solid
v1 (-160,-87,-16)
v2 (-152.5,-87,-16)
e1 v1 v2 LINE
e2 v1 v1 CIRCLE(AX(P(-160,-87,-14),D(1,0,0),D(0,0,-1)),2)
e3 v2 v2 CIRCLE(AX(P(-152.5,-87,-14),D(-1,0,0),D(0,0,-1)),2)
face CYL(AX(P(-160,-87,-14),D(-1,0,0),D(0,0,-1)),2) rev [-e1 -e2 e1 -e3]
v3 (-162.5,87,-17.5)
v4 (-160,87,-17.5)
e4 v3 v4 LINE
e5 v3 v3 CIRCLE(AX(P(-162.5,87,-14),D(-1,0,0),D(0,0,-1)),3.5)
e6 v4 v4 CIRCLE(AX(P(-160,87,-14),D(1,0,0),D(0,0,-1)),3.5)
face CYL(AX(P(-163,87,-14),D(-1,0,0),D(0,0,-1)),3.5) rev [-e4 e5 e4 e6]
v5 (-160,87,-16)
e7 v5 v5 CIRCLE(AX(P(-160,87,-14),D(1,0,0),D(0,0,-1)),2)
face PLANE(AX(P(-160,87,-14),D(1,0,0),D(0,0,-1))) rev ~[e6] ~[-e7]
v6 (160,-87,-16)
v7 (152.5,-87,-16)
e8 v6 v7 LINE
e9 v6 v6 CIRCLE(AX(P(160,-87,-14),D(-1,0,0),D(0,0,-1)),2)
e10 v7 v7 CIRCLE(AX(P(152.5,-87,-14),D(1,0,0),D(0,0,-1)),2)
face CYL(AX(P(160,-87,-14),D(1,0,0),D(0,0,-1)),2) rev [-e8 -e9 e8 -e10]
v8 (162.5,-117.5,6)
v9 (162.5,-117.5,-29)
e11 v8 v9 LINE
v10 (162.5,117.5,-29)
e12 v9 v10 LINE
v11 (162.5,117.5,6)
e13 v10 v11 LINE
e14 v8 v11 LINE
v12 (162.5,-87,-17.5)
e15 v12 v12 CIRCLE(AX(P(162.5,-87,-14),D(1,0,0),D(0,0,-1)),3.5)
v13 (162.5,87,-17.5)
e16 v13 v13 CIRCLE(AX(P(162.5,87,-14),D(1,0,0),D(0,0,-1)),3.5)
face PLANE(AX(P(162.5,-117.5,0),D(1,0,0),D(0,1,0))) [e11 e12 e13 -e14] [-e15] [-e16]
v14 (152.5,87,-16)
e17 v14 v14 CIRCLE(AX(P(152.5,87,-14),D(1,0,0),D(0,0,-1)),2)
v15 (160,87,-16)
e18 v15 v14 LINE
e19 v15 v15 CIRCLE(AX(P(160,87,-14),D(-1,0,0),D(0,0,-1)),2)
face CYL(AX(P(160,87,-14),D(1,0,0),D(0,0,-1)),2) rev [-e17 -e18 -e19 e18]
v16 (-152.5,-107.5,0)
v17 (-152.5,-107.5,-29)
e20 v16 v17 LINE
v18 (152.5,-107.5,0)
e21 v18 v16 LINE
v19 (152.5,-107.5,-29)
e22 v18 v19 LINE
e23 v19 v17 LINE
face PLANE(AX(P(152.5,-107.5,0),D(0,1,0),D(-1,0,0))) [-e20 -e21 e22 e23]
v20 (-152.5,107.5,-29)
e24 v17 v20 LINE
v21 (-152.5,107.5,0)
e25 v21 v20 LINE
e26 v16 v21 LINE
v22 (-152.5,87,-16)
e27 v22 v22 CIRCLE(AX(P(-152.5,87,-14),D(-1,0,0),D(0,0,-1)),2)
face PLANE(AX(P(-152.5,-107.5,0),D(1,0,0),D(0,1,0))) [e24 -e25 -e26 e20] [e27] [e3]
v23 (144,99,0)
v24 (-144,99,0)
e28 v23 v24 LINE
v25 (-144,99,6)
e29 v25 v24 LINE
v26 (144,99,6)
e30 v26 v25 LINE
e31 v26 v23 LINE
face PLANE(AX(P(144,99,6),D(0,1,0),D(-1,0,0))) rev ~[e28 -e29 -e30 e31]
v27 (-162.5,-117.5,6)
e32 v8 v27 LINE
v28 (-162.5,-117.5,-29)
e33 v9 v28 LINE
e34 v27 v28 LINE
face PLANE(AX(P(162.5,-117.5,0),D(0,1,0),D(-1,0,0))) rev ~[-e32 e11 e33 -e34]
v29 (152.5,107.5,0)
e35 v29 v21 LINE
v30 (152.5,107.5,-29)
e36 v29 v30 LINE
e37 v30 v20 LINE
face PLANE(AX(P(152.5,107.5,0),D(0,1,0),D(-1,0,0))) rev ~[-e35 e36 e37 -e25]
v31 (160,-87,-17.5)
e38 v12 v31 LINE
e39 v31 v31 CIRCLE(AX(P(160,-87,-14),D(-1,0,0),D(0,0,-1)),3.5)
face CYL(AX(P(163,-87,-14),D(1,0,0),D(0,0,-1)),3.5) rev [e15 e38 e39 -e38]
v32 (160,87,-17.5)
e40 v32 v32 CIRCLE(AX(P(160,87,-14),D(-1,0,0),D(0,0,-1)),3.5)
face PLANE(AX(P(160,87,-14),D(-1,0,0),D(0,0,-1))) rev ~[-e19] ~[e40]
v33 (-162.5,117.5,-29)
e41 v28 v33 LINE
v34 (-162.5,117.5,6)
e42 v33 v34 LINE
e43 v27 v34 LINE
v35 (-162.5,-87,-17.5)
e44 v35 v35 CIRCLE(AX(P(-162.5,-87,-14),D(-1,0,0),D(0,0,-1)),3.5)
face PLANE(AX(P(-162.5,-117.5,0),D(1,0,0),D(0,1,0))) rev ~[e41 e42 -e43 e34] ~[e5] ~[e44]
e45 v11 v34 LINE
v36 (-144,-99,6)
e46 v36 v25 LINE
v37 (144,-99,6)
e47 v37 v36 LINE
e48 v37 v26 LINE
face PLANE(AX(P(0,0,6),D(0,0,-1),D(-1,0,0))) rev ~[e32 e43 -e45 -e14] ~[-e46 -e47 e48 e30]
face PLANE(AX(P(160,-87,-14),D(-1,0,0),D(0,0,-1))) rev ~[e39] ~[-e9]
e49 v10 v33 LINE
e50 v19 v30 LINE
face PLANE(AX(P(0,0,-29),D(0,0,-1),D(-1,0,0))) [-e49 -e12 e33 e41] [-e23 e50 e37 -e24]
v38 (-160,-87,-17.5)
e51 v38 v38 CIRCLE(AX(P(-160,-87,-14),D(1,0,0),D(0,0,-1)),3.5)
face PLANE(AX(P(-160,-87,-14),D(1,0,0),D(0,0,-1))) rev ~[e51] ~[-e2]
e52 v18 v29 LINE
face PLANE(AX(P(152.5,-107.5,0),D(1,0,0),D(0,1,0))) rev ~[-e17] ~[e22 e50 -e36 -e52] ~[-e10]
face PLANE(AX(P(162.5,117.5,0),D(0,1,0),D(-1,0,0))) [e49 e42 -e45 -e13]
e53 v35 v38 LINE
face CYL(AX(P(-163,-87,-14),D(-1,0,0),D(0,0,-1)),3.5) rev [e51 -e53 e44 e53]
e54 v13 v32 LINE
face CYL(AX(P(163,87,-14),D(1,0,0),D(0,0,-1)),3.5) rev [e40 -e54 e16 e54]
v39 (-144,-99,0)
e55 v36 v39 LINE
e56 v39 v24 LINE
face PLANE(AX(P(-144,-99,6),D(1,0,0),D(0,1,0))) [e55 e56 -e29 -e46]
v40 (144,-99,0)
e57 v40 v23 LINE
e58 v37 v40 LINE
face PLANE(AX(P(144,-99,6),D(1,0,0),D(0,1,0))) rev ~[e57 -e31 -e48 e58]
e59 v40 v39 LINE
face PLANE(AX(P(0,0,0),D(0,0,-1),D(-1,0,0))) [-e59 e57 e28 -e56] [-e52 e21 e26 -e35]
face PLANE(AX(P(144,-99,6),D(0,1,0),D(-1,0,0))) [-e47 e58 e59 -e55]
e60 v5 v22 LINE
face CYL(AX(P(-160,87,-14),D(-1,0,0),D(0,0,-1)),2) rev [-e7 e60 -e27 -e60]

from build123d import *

# Parameters (mm, degrees)
CYLINDER025_R             = 3.5
CYLINDER025_DEPTH         = 3
CYLINDER025_PITCH_ANGLE   = 90
CYLINDER024_R             = 2
CYLINDER024_DEPTH         = 9
CYLINDER024_PITCH_ANGLE   = 90
ARRAY021_COUNT            = 2
ARRAY022_Y_COUNT          = 2
ARRAY022_Y_PITCH          = 174
BOX001_W                  = 305
BOX001_H                  = 215
BOX001_DEPTH              = 29
BOX_W                     = 325
BOX_H                     = 235
BOX_DEPTH                 = 29
BOX003_W                  = 288
BOX003_H                  = 198
BOX003_DEPTH              = 6
BOX002_W                  = 325
BOX002_H                  = 235
BOX002_DEPTH              = 6
FUSION017_PLACEMENT_ANGLE = 180


with BuildPart() as case_2_frame_cut002:
    # Cylinder025 → Cylinder025 (new body)
    with BuildSketch(Plane.XY):
        Circle(CYLINDER025_R)
    extrude(amount=CYLINDER025_DEPTH)


with BuildPart() as case_2_frame_cut002_1:
    # Cylinder025 pitch: moved
    add(case_2_frame_cut002.part.rotate(Axis((0, 0, 0), (0, 1, 0)), CYLINDER025_PITCH_ANGLE))


with BuildPart() as case_2_frame_cut002_2:
    # Cylinder025 placement: moved
    add(case_2_frame_cut002_1.part)


with BuildPart() as array022:
    # Cylinder024 → Cylinder024 (new body)
    with BuildSketch(Plane.XY):
        Circle(CYLINDER024_R)
    extrude(amount=CYLINDER024_DEPTH)


with BuildPart() as array022_1:
    # Cylinder024 pitch: moved
    add(array022.part.rotate(Axis((0, 0, 0), (0, 1, 0)), CYLINDER024_PITCH_ANGLE))


with BuildPart() as array022_2:
    # Cylinder024 placement: moved
    add(array022_1.part.moved(Location((3, 0, 0))))

    # Fusion: union CASE_2_frame_cut002
    add(case_2_frame_cut002_2.part)


with BuildPart() as array022_3:
    # Fusion placement: moved
    add(array022_2.part.moved(Location((-163, 87, -14))))

    # Array021: Array022 ×2 about axis
    array021_axis = Axis((0, 87, 0), (0, 0, 1))


with BuildPart() as array022_4:
    add(array022_3.part)
    for i in range(1, ARRAY021_COUNT):
        add(array022_3.part.rotate(array021_axis, i * 360 / ARRAY021_COUNT))

    # Array022 Y: Array022 ×2


with BuildPart() as array022_5:
    add(array022_4.part)
    with Locations(*[(0, -i * ARRAY022_Y_PITCH, 0) for i in range(1, ARRAY022_Y_COUNT)]):
        add(array022_4.part)


with BuildPart() as case_2_frame_li:
    # Box001 → Box001 (new body)
    with BuildSketch(Plane(origin=(-152.5, -107.5, 0), x_dir=(1, 0, 0), z_dir=(0, 0, 1))):
        with Locations((152.5, 107.5)):
            Rectangle(BOX001_W, BOX001_H)
    extrude(amount=BOX001_DEPTH)


with BuildPart() as case_2_frame_l:
    # Box → Box (new body)
    with BuildSketch(Plane(origin=(-162.5, -117.5, 0), x_dir=(1, 0, 0), z_dir=(0, 0, 1))):
        with Locations((162.5, 117.5)):
            Rectangle(BOX_W, BOX_H)
    extrude(amount=BOX_DEPTH)

    # Cut004: cut CASE_2_frame_li
    add(case_2_frame_li.part, mode=Mode.SUBTRACT)


with BuildPart() as case_2_frame_ui:
    # Box003 → Box003 (new body)
    with BuildSketch(Plane(origin=(-144, -99, 0), x_dir=(1, 0, 0), z_dir=(0, 0, 1))):
        with Locations((144, 99)):
            Rectangle(BOX003_W, BOX003_H)
    extrude(amount=BOX003_DEPTH)


with BuildPart() as case_2_frame_front001:
    # Box002 → Box002 (new body)
    with BuildSketch(Plane(origin=(-162.5, -117.5, 0), x_dir=(1, 0, 0), z_dir=(0, 0, 1))):
        with Locations((162.5, 117.5)):
            Rectangle(BOX002_W, BOX002_H)
    extrude(amount=BOX002_DEPTH)

    # Cut003: cut CASE_2_frame_ui
    add(case_2_frame_ui.part, mode=Mode.SUBTRACT)


with BuildPart() as case_2_frame_front001_1:
    # Cut003 placement: moved
    add(case_2_frame_front001.part.moved(Location((0, 0, -6))))

    # Fusion017: union CASE_2_frame_l
    add(case_2_frame_l.part)


with BuildPart() as case_2_frame_front001_2:
    # Fusion017 placement: moved
    add(case_2_frame_front001_1.part.rotate(Axis((0, 0, 0), (0, 1, 0)), FUSION017_PLACEMENT_ANGLE))

    # Cut: cut Array022
    add(array022_5.part, mode=Mode.SUBTRACT)


solid = case_2_frame_front001_2.part
